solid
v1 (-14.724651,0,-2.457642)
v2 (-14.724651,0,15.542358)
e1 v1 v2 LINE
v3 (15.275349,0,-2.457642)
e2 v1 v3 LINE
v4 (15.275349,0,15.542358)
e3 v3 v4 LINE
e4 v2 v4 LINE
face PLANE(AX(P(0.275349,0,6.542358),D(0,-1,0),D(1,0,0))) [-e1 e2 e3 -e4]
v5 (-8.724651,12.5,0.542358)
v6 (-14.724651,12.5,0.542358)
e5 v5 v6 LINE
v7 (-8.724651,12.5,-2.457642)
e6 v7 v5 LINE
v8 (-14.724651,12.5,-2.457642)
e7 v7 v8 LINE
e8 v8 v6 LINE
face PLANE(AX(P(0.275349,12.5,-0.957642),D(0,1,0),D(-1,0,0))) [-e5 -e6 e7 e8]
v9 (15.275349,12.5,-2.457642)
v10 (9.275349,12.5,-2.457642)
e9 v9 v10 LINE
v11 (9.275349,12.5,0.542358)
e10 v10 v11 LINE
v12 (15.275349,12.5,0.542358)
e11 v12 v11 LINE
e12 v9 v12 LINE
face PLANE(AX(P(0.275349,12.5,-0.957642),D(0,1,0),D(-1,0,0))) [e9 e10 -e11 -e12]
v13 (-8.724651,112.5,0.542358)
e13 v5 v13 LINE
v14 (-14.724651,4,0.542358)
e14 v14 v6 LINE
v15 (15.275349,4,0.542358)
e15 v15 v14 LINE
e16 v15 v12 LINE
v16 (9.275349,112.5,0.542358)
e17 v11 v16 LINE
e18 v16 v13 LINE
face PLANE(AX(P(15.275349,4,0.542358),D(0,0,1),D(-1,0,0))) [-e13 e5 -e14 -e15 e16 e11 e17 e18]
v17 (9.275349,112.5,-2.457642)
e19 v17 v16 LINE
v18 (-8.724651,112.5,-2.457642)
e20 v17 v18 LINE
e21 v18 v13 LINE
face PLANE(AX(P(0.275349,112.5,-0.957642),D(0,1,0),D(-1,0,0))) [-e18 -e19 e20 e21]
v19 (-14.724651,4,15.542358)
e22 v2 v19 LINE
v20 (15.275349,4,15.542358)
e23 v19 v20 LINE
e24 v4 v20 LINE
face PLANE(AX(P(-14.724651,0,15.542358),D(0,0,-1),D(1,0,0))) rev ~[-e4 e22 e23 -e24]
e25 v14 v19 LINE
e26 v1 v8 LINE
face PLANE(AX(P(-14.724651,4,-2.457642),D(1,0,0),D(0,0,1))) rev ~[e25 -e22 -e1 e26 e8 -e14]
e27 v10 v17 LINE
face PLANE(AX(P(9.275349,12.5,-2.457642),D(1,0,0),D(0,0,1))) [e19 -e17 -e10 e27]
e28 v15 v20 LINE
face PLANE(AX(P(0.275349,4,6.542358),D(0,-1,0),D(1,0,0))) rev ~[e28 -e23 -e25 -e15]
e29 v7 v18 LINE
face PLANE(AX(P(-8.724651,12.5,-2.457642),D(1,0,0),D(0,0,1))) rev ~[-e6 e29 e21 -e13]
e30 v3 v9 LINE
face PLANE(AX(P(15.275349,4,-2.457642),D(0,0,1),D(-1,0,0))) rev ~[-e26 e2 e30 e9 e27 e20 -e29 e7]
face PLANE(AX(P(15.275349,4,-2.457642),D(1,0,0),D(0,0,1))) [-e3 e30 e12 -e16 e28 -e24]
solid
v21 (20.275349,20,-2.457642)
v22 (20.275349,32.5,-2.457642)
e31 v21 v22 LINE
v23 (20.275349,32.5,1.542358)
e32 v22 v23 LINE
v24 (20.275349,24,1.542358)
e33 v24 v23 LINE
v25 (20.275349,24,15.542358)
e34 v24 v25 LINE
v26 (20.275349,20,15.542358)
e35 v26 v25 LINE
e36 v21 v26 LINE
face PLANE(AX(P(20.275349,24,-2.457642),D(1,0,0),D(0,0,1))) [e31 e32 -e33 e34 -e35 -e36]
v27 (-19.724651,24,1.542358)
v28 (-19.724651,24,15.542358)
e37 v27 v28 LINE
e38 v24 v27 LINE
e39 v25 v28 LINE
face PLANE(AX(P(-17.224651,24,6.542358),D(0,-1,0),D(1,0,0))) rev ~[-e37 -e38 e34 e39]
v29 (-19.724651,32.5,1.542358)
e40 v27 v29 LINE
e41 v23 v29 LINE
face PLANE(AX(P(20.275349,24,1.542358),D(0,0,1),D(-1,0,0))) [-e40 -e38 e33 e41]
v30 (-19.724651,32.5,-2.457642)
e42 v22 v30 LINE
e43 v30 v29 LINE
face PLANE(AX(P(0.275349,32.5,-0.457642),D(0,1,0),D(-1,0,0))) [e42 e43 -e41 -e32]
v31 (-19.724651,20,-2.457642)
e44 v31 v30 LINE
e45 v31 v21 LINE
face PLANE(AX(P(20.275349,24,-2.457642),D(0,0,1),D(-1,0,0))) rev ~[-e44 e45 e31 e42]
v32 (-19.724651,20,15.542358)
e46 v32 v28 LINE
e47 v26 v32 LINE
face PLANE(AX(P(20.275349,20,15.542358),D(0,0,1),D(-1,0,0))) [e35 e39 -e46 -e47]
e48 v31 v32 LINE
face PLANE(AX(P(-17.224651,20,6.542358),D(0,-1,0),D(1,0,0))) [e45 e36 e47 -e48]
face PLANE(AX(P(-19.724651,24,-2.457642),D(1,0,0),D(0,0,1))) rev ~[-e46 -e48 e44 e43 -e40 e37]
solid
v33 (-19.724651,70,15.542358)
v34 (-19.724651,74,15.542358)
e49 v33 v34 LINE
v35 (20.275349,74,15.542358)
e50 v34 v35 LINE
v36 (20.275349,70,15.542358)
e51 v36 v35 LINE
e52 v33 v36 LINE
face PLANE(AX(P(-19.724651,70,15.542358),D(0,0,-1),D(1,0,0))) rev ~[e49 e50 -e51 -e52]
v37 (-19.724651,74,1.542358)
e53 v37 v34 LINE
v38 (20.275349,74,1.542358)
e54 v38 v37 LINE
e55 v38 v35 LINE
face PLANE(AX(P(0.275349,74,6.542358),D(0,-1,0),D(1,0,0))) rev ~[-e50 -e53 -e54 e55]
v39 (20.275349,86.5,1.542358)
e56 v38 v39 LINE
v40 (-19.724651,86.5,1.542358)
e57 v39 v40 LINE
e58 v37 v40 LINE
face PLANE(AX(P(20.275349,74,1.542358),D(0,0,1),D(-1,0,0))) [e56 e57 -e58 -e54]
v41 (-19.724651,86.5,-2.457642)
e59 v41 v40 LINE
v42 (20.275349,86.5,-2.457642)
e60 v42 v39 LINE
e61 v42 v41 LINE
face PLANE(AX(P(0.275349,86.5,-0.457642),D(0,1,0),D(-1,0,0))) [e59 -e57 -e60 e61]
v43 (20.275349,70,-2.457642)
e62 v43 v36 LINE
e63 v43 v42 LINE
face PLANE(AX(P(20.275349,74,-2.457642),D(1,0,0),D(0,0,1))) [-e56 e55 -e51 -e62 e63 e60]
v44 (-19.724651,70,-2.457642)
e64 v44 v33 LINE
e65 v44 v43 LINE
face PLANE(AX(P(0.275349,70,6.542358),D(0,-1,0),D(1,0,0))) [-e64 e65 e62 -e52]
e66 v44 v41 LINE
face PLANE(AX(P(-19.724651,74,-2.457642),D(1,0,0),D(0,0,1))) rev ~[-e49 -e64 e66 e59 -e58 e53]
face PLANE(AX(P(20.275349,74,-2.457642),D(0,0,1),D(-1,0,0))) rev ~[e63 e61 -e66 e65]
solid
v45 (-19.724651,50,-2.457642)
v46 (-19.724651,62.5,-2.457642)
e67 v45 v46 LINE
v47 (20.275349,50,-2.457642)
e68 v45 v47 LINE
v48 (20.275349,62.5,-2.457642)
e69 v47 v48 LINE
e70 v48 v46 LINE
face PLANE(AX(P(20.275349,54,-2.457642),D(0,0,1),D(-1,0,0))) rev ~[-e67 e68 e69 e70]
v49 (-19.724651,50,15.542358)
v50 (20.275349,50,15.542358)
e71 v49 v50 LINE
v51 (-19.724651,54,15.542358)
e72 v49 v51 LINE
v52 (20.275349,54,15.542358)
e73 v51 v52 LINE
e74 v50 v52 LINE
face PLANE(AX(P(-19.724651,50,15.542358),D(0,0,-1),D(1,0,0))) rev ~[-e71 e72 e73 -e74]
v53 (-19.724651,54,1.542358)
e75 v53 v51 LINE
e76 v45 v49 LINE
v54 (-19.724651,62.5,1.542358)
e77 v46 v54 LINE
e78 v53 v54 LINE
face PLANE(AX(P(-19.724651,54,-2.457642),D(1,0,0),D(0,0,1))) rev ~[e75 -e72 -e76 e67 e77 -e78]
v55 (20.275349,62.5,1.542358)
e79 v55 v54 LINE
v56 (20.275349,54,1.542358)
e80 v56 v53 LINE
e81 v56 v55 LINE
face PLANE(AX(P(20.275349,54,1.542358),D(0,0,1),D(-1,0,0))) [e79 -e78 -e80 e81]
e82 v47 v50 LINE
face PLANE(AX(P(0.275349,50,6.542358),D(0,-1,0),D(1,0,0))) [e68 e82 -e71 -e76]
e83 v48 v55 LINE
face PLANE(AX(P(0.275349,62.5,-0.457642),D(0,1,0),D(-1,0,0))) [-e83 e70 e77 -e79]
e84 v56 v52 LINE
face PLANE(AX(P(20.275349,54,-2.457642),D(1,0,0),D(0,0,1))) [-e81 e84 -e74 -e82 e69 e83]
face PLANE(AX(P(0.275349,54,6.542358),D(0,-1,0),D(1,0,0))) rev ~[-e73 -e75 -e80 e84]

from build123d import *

# Parameters (mm, degrees)
F0_W      = 30
F0_H      = 18
F1_DEPTH  = 4
F2_W      = 30
F2_H      = 3
F3_DEPTH  = 8.5
F4_W      = 18
F4_H      = 3
F5_DEPTH  = 100
F7_START  = -20
F6_W      = 5
F6_H      = 18
F6_W_2    = 30
F7_DEPTH  = 4
F8_START  = -50
F6_W_3    = 40
F8_DEPTH  = 4
F9_START  = -70
F9_DEPTH  = 4
F10_W     = 40
F10_H     = 4
F11_DEPTH = 8.5
F12_W     = 40
F12_H     = 4
F13_DEPTH = 8.5
F14_W     = 40
F14_H     = 4
F15_DEPTH = 12.5


with BuildPart() as f1:
    # F0 (on Front) → F1 (new body)
    with BuildSketch(Plane.XZ):
        with Locations((0.2753492445, 6.5423582021)):
            Rectangle(F0_W, F0_H)
    extrude(amount=-F1_DEPTH)

    # F2 (on face) → F3 (join)
    with BuildSketch(Plane(origin=(0, 4, 0), x_dir=(-1, 0, 0), z_dir=(0, 1, 0))):
        with Locations((-0.2753492445, -0.9576417979)):
            Rectangle(F2_W, F2_H)
    extrude(amount=F3_DEPTH)

    # F4 (on face) → F5 (join)
    with BuildSketch(Plane(origin=(0, 12.5, 0), x_dir=(-1, 0, 0), z_dir=(0, 1, 0))):
        with Locations((-0.2753492445, -0.9576417979)):
            Rectangle(F4_W, F4_H)
    extrude(amount=F5_DEPTH)


with BuildPart() as f7:
    # F6 (on face) → F7 (new body)
    with BuildSketch(Plane.XZ.offset(F7_START)):
        with Locations((-17.2246507555, 6.5423582021)):
            Rectangle(F6_W, F6_H)
        with Locations((0.2753492445, 6.5423582021)):
            Rectangle(F6_W_2, F6_H)
        with Locations((17.7753492445, 6.5423582021)):
            Rectangle(F6_W, F6_H)
    extrude(amount=-F7_DEPTH)

    # F10 (on face) → F11 (join)
    with BuildSketch(Plane(origin=(0, 24, 0), x_dir=(-1, 0, 0), z_dir=(0, 1, 0))):
        with Locations((-0.2753492445, -0.4576417979)):
            Rectangle(F10_W, F10_H)
    extrude(amount=F11_DEPTH)


with BuildPart() as f8:
    # F6 (on face) → F8 (new body)
    with BuildSketch(Plane.XZ.offset(F8_START)):
        with Locations((0.2753492445, 6.5423582021)):
            Rectangle(F6_W_3, F6_H)
    extrude(amount=-F8_DEPTH)

    # F12 (on face) → F13 (join)
    with BuildSketch(Plane(origin=(0, 54, 0), x_dir=(-1, 0, 0), z_dir=(0, 1, 0))):
        with Locations((-0.2753492445, -0.4576417979)):
            Rectangle(F12_W, F12_H)
    extrude(amount=F13_DEPTH)


with BuildPart() as f9:
    # F6 (on face) → F9 (new body)
    with BuildSketch(Plane.XZ.offset(F9_START)):
        with Locations((0.2753492445, 6.5423582021)):
            Rectangle(F6_W_3, F6_H)
    extrude(amount=-F9_DEPTH)

    # F14 (on face) → F15 (join)
    with BuildSketch(Plane(origin=(0, 74, 0), x_dir=(-1, 0, 0), z_dir=(0, 1, 0))):
        with Locations((-0.2753492445, -0.4576417979)):
            Rectangle(F14_W, F14_H)
    extrude(amount=F15_DEPTH)


solid = Compound([f1.part, f7.part, f8.part, f9.part])
